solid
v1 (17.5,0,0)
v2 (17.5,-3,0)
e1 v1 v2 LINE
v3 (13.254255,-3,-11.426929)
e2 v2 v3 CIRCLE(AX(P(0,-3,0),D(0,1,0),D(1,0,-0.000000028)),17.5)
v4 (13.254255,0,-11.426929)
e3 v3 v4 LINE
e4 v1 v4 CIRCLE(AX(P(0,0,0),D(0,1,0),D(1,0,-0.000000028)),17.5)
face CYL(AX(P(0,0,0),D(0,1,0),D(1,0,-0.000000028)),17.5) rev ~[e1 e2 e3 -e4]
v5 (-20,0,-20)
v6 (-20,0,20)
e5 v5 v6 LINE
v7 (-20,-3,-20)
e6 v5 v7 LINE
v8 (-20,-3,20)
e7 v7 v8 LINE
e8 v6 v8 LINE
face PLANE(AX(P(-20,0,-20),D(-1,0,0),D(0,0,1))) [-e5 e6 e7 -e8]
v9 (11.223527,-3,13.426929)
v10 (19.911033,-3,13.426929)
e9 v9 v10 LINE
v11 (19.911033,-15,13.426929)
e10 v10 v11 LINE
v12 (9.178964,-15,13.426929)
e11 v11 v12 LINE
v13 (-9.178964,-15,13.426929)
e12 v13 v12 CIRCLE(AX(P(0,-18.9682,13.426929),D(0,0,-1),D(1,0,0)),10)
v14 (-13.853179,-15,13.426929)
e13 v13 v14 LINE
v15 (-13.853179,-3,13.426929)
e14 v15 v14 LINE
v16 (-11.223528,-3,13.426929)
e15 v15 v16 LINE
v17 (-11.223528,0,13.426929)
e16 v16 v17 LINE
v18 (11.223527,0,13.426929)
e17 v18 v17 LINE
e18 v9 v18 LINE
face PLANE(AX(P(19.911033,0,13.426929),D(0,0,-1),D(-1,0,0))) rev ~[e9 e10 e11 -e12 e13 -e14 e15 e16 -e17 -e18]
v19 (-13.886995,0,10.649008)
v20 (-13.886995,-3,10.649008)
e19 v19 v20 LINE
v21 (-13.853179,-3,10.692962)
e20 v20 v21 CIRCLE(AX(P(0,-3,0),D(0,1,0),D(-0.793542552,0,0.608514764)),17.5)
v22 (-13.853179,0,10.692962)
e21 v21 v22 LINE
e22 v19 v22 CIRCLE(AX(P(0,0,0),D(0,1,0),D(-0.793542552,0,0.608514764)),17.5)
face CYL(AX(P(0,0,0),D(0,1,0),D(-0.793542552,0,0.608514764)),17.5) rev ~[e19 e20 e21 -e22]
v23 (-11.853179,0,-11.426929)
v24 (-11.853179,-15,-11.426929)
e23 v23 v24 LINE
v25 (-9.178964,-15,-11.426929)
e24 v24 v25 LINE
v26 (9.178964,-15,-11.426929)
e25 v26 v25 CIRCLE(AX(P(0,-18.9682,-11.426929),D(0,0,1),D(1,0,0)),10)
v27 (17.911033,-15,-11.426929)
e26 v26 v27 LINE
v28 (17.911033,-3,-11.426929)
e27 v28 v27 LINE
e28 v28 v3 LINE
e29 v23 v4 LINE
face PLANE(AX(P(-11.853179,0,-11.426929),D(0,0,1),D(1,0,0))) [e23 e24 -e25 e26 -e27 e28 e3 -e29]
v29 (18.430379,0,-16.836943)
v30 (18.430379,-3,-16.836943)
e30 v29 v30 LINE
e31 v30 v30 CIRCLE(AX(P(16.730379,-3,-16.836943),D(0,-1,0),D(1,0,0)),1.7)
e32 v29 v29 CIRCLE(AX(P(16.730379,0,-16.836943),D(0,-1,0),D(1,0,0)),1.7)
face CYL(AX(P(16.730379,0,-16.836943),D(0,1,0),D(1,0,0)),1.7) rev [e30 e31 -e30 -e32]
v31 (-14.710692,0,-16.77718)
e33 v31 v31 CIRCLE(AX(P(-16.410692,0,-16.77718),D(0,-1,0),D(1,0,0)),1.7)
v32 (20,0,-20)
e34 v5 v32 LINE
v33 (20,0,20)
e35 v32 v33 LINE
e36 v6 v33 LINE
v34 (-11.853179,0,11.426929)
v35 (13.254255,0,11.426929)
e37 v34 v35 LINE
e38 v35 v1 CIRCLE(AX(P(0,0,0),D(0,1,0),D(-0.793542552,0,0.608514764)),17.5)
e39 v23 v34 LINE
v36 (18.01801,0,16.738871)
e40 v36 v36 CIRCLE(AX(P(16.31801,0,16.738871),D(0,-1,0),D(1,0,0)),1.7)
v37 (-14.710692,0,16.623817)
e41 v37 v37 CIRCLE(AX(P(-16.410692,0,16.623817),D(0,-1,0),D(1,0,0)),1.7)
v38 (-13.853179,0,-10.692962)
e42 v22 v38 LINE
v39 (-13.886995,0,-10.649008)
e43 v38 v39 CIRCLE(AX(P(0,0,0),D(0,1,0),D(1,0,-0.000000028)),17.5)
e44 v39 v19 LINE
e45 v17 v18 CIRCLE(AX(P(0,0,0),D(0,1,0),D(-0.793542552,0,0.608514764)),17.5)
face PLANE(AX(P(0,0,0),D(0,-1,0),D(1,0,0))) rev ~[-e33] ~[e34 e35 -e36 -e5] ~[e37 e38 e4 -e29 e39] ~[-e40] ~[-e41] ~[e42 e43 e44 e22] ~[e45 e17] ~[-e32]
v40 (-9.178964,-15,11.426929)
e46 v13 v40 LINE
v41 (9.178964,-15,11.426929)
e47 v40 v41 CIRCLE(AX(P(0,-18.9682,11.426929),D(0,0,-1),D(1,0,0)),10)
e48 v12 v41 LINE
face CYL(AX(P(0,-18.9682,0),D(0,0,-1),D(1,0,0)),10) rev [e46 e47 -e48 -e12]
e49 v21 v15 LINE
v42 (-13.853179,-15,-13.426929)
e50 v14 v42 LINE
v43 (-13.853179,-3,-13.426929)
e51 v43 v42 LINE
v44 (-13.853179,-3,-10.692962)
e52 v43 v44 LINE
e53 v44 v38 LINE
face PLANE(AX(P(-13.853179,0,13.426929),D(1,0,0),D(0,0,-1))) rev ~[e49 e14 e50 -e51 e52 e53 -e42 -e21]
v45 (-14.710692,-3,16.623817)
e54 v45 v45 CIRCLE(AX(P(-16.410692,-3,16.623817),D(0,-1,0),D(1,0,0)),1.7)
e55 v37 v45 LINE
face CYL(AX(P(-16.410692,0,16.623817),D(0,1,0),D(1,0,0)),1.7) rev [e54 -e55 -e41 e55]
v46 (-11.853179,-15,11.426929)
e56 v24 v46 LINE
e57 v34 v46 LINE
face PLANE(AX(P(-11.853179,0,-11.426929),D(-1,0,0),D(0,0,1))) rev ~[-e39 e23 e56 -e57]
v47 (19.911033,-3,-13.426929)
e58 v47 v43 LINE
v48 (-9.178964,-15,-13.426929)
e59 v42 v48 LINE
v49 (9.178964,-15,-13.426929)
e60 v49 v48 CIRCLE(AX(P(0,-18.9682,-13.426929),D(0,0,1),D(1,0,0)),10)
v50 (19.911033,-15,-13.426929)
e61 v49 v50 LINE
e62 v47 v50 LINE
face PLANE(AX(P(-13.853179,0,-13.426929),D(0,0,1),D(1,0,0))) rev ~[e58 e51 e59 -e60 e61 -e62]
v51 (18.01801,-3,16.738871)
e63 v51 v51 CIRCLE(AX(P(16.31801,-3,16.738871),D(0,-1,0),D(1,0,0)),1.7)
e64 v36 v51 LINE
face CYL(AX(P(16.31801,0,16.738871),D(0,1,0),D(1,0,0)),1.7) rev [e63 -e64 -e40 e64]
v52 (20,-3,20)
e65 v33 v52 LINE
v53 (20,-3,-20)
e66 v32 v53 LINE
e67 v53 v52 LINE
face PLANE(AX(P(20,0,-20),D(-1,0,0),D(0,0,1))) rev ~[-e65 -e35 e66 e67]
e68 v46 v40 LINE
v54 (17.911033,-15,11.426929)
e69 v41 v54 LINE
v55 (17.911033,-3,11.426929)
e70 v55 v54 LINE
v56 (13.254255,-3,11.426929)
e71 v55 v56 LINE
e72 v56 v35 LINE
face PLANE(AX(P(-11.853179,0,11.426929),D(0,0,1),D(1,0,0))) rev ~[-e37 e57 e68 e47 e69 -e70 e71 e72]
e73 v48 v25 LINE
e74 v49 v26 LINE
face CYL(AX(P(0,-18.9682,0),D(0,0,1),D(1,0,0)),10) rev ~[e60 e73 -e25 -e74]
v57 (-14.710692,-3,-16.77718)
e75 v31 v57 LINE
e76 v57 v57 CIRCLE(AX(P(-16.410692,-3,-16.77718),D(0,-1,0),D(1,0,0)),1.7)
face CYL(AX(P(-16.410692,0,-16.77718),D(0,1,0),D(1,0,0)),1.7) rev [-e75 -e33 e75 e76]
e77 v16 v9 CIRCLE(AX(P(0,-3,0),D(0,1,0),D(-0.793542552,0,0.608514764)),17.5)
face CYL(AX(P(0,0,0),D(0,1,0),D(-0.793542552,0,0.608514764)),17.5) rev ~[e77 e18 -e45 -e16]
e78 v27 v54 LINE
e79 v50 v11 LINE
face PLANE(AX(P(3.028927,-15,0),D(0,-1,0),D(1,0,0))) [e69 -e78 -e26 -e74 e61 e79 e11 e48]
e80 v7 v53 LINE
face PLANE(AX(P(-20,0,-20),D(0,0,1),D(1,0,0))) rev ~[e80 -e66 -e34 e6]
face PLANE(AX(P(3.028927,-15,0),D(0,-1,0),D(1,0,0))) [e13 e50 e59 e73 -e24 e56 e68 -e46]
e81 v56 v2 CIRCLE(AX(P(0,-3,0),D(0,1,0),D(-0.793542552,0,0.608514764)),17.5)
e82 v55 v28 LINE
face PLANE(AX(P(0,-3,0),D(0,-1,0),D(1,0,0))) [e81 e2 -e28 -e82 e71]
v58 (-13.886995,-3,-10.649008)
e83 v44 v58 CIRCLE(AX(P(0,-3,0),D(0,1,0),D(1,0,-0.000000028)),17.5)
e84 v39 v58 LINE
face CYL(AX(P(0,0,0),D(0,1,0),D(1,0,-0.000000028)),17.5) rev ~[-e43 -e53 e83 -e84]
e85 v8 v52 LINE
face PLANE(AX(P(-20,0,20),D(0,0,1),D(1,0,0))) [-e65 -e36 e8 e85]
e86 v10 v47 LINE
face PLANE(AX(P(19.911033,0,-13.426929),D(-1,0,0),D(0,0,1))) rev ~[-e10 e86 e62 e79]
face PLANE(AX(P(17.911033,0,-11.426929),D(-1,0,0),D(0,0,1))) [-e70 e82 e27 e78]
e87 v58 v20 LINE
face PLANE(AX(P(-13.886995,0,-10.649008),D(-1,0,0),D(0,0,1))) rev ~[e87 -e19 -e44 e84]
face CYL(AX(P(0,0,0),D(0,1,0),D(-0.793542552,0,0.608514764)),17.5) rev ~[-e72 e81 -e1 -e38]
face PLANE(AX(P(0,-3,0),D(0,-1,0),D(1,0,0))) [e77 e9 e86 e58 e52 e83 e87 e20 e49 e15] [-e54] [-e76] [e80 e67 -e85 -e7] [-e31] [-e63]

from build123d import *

# Parameters (mm, degrees)
F1_W          = 40
F1_H          = 40
F1_R          = 1.7
F2_DEPTH      = 3
F0_W          = 29.764212
F0_H          = 22.853858
F3_DEPTH      = 15
F0_W_2        = 24.935725
F0_H_2        = 6.393774
F4_DEPTH      = 3
F5_R          = 10
F7_DEPTH      = 25
F7_DEPTH_BACK = 25


with BuildPart() as f2:
    # F1 (on Front) → F2 (new body)
    with BuildSketch(Plane.XZ):
        Rectangle(F1_W, F1_H)
        with Locations((-16.410692, -16.77718)):
            Circle(F1_R, mode=Mode.SUBTRACT)
        with Locations((16.730379, -16.836943)):
            Circle(F1_R, mode=Mode.SUBTRACT)
        with Locations((-16.410692, 16.623817)):
            Circle(F1_R, mode=Mode.SUBTRACT)
        with BuildLine():
            ThreePointArc((-13.886995, 10.649008), (5.622615, 16.572151), (17.5, 0))
            ThreePointArc((17.5, 0), (5.622615, -16.572151), (-13.886995, -10.649008))
            ThreePointArc((-13.886995, -10.649008), (-17.5, 0), (-13.886995, 10.649008))
        make_face(mode=Mode.SUBTRACT)
        with Locations((16.31801, 16.738871)):
            Circle(F1_R, mode=Mode.SUBTRACT)
        with BuildLine():
            Line((-13.886995, -10.649008), (-13.886995, 10.649008))
            ThreePointArc((-13.886995, 10.649008), (-17.5, 0), (-13.886995, -10.649008))
        make_face()
    extrude(amount=F2_DEPTH)

    # F0 (on Front) → F3 (join)
    with BuildSketch(Plane.XZ):
        Polygon((19.911033, 13.426929), (-13.853179, 13.426929), (-13.853179, -13.426929), (-12.467862, -13.426929), (12.467863, -13.426929), (19.911033, -13.426929), align=None)
        with Locations((3.028927, 0)):
            Rectangle(F0_W, F0_H, mode=Mode.SUBTRACT)
    extrude(amount=F3_DEPTH)

    # F0 (on Front) → F4 (join)
    with BuildSketch(Plane.XZ):
        with Locations((0, -16.623816)):
            Rectangle(F0_W_2, F0_H_2)
    extrude(amount=F4_DEPTH)

    # F5 (on Top) → F7 (cut, two sides)
    with BuildSketch(Plane.XY) as f7_sk:
        with Locations((0, -18.9682)):
            Circle(F5_R)
    extrude(amount=F7_DEPTH, mode=Mode.SUBTRACT)
    extrude(f7_sk.sketch, amount=-F7_DEPTH_BACK, mode=Mode.SUBTRACT)


solid = f2.part
